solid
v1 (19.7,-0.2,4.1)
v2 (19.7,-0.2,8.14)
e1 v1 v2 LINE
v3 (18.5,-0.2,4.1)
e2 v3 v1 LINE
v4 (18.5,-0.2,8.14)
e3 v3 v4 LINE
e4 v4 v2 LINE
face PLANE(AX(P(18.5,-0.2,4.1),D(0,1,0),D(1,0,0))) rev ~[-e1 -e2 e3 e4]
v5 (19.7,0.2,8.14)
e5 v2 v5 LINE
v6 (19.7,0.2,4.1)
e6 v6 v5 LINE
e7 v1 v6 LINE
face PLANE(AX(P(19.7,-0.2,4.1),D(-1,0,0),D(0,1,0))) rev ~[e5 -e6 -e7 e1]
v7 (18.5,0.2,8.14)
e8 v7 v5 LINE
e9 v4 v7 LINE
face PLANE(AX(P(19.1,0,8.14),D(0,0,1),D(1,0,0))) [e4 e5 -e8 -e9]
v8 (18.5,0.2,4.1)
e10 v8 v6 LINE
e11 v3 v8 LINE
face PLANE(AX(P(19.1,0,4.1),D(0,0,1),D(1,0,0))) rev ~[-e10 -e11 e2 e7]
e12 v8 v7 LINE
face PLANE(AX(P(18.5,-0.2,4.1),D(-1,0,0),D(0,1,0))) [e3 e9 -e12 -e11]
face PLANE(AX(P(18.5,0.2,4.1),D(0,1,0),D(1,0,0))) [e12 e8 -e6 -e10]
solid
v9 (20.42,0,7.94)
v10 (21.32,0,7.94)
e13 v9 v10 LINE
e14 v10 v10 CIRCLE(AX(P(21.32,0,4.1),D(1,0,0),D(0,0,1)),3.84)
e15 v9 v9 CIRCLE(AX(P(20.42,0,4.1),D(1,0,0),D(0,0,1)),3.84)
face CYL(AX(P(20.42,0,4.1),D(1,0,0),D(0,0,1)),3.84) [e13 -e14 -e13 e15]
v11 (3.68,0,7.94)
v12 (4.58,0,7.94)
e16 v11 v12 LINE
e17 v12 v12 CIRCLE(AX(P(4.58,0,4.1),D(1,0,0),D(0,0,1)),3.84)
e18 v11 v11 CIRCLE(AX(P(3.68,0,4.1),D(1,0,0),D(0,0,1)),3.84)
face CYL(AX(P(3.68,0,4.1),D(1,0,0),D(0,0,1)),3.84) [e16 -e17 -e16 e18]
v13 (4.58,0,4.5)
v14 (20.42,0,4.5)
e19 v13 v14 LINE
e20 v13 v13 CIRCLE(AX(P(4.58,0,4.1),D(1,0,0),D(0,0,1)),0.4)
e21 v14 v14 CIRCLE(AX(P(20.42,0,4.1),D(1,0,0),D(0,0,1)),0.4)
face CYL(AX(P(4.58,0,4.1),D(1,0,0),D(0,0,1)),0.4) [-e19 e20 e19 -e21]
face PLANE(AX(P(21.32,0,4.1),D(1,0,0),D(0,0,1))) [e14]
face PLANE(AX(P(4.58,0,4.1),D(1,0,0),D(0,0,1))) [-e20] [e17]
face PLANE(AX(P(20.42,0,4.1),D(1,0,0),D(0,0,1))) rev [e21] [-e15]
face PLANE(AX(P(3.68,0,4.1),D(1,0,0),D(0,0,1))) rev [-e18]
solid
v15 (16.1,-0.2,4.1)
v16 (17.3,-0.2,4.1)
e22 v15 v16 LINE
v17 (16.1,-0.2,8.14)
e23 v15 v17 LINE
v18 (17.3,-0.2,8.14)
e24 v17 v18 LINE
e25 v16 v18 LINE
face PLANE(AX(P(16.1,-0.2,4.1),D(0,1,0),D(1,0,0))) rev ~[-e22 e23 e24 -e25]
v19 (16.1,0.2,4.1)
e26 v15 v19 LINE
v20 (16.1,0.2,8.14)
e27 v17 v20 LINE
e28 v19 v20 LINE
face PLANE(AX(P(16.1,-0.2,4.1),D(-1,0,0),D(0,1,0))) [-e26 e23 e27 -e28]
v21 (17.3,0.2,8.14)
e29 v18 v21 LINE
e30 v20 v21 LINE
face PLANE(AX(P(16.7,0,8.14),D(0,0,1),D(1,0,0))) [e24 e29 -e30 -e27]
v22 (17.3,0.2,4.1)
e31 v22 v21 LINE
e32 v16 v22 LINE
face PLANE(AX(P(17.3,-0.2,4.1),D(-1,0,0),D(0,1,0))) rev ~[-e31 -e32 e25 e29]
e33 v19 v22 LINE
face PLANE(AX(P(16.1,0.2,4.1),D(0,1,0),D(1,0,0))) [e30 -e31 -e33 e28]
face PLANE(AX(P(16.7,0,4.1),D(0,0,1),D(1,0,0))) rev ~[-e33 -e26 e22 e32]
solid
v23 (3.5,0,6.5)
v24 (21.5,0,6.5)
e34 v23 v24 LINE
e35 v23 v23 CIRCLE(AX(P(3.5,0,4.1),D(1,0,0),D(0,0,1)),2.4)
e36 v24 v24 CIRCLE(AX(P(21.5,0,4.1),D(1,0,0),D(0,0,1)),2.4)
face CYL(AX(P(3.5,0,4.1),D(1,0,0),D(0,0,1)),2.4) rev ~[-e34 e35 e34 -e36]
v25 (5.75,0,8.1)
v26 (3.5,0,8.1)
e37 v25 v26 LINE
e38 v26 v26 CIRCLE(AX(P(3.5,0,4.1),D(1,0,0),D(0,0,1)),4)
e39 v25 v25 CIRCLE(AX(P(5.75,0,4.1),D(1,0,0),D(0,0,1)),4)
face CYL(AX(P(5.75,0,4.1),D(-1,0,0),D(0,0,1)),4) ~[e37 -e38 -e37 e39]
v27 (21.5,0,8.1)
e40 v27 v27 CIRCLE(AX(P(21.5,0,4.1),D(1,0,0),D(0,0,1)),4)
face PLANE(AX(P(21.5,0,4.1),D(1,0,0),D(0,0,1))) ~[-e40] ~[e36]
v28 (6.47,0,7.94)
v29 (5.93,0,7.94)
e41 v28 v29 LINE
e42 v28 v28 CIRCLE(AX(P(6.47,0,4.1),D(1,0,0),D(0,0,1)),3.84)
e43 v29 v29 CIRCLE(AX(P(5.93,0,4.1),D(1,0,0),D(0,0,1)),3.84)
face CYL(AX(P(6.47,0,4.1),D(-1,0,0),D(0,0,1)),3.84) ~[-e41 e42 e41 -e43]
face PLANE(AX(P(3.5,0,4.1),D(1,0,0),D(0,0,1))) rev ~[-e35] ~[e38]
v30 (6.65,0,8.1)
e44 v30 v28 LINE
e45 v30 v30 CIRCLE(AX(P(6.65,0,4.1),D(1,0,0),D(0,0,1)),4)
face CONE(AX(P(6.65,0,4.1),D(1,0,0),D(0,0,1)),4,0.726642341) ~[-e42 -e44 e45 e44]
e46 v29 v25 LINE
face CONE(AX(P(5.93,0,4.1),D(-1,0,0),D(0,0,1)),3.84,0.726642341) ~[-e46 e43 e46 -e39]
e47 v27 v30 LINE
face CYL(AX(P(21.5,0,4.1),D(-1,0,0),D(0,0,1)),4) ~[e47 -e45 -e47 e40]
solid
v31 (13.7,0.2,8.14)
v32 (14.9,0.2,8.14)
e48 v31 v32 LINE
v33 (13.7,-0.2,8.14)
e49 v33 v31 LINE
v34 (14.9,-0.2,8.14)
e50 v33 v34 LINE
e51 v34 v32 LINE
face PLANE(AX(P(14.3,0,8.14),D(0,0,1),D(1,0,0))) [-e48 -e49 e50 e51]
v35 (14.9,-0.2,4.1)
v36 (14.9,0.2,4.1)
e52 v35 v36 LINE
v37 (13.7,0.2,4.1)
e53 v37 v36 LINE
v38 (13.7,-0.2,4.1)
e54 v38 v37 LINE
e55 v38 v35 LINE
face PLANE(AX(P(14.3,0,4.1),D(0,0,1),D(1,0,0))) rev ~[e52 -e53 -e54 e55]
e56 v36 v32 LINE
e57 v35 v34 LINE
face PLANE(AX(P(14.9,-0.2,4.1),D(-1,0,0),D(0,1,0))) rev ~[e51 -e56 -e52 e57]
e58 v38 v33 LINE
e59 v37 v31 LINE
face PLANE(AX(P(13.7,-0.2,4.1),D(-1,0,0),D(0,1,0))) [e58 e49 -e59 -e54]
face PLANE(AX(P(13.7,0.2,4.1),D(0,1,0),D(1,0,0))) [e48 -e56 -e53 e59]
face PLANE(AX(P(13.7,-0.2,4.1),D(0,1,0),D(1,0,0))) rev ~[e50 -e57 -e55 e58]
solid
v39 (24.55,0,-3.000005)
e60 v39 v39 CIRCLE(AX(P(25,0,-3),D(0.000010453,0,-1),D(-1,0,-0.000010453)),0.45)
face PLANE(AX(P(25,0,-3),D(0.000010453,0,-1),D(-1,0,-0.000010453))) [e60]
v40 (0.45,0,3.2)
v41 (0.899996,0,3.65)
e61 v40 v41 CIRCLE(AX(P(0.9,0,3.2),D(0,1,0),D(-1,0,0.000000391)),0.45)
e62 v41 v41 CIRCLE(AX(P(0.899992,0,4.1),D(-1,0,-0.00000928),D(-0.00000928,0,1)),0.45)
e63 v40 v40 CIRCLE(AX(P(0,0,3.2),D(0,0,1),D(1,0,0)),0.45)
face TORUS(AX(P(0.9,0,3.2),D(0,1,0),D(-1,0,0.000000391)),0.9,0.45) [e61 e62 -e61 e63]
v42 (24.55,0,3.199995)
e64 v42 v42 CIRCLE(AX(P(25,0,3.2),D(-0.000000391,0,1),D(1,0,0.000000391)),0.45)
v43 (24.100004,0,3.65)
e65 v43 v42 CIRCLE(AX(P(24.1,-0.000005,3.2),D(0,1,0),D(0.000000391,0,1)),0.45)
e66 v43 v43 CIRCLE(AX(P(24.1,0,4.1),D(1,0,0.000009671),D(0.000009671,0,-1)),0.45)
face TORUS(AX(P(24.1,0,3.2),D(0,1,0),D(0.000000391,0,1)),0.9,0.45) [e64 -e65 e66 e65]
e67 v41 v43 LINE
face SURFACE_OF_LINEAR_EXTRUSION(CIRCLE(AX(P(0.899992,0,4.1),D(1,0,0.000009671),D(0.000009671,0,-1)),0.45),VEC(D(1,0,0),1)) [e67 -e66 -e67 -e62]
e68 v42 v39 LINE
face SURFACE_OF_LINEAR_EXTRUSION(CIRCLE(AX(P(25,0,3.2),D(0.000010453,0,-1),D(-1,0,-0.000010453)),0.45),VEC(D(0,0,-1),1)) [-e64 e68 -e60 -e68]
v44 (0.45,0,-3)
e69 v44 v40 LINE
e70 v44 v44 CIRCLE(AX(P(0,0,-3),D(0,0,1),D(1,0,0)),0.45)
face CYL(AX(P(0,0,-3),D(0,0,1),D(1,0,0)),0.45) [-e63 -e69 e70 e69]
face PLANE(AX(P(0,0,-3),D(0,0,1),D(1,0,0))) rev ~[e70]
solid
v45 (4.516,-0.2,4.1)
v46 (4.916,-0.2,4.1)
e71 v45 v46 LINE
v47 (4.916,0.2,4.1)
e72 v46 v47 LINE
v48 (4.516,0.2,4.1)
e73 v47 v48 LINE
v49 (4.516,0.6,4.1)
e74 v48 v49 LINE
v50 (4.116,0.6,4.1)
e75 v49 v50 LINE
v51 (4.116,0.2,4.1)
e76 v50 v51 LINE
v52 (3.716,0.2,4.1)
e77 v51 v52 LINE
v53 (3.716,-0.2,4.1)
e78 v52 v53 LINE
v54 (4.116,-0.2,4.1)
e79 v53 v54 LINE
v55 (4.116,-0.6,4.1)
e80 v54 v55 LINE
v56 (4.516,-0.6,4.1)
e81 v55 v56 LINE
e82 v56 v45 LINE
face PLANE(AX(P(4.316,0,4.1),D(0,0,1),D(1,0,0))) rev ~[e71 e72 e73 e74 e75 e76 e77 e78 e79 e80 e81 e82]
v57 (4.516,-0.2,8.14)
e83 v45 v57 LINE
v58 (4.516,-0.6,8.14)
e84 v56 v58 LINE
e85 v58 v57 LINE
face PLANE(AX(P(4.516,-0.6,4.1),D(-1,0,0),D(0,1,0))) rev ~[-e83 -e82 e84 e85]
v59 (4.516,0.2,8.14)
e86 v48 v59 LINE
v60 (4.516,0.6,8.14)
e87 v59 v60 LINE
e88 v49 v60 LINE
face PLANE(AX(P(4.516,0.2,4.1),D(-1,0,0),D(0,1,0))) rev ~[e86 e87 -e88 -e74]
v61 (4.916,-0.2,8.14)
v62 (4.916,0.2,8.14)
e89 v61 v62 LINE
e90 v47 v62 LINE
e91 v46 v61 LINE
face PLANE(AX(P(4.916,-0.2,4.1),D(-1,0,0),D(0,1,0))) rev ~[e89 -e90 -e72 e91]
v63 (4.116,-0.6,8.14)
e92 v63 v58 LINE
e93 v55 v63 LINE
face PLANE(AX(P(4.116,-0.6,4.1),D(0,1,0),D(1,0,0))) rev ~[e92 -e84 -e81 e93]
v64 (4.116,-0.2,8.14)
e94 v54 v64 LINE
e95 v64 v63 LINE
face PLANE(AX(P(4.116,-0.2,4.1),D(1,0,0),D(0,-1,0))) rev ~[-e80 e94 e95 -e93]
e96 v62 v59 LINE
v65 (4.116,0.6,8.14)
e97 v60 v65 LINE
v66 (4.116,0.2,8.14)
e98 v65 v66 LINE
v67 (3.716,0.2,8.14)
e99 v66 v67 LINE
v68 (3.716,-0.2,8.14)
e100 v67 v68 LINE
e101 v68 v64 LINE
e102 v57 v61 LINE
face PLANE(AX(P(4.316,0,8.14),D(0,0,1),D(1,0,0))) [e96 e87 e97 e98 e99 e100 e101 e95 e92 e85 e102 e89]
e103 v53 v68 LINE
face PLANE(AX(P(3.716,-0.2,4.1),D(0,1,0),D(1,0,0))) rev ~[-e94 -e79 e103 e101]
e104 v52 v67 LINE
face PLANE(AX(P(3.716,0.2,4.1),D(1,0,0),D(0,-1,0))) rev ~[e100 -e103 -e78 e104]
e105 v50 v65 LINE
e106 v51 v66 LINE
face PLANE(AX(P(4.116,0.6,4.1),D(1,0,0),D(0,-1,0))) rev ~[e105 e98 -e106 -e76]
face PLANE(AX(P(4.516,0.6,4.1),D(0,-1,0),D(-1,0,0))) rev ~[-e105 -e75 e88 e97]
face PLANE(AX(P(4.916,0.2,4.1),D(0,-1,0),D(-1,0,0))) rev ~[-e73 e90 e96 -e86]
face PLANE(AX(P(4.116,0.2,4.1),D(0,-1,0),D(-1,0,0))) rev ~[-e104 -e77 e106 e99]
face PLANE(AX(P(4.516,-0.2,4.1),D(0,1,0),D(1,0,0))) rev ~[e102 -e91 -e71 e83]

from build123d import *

# Parameters (mm, degrees)
SKETCH_R    = 0.45
SKETCH004_W = 1.2
SKETCH004_H = 0.4
PAD_DEPTH   = 4.04


with BuildPart() as sweep_body:
    # Sweep: sweep along a path in Sketch001
    with BuildLine(Plane.XZ) as sweep_path:
        Line((0, -3), (0, 3.2))
        ThreePointArc((0, 3.2), (0.263601, 3.836393), (0.899992, 4.1))
        Line((0.899992, 4.1), (24.1, 4.1))
        ThreePointArc((24.1, 4.1), (24.736396, 3.836396), (25, 3.2))
        Line((25, 3.2), (25, -3))
    # Sketch → Sweep (sweep)
    with BuildSketch(Plane.XY.offset(-2)):
        Circle(SKETCH_R)
    sweep(path=sweep_path.line)


with BuildPart() as revolution:
    # Sketch002 → Revolution (revolve)
    with BuildSketch(Plane.XZ):
        Polygon((3.5, 8.1), (3.5, 6.5), (21.5, 6.5), (21.5, 8.1), (6.65, 8.1), (6.47, 7.94), (5.93, 7.94), (5.75, 8.1), align=None)
    revolve(axis=Axis((6.97588, 0, 4.1), (1, 0, 0)))


with BuildPart() as revolution001:
    # Sketch003 → Revolution001 (revolve)
    with BuildSketch(Plane.XZ):
        Polygon((3.68, 7.94), (4.58, 7.94), (4.58, 4.5), (20.42, 4.5), (20.42, 7.94), (21.32, 7.94), (21.32, 4.1), (3.68, 4.1), align=None)
    revolve(axis=Axis((6.97588, 0, 4.1), (1, 0, 0)))


with BuildPart() as pad:
    # Sketch004 → Pad (new body)
    with BuildSketch(Plane.XY.offset(4.1)):
        with Locations((19.1, 0)):
            Rectangle(SKETCH004_W, SKETCH004_H)
        with Locations((16.7, 0)):
            Rectangle(SKETCH004_W, SKETCH004_H)
        with Locations((14.3, 0)):
            Rectangle(SKETCH004_W, SKETCH004_H)
        Polygon((4.116, 0.2), (3.716, 0.2), (3.716, -0.2), (4.116, -0.2), (4.116, -0.6), (4.516, -0.6), (4.516, -0.2), (4.916, -0.2), (4.916, 0.2), (4.516, 0.2), (4.516, 0.6), (4.116, 0.6), align=None)
    extrude(amount=PAD_DEPTH)


solid = Compound([sweep_body.part, revolution.part, revolution001.part, pad.part])
